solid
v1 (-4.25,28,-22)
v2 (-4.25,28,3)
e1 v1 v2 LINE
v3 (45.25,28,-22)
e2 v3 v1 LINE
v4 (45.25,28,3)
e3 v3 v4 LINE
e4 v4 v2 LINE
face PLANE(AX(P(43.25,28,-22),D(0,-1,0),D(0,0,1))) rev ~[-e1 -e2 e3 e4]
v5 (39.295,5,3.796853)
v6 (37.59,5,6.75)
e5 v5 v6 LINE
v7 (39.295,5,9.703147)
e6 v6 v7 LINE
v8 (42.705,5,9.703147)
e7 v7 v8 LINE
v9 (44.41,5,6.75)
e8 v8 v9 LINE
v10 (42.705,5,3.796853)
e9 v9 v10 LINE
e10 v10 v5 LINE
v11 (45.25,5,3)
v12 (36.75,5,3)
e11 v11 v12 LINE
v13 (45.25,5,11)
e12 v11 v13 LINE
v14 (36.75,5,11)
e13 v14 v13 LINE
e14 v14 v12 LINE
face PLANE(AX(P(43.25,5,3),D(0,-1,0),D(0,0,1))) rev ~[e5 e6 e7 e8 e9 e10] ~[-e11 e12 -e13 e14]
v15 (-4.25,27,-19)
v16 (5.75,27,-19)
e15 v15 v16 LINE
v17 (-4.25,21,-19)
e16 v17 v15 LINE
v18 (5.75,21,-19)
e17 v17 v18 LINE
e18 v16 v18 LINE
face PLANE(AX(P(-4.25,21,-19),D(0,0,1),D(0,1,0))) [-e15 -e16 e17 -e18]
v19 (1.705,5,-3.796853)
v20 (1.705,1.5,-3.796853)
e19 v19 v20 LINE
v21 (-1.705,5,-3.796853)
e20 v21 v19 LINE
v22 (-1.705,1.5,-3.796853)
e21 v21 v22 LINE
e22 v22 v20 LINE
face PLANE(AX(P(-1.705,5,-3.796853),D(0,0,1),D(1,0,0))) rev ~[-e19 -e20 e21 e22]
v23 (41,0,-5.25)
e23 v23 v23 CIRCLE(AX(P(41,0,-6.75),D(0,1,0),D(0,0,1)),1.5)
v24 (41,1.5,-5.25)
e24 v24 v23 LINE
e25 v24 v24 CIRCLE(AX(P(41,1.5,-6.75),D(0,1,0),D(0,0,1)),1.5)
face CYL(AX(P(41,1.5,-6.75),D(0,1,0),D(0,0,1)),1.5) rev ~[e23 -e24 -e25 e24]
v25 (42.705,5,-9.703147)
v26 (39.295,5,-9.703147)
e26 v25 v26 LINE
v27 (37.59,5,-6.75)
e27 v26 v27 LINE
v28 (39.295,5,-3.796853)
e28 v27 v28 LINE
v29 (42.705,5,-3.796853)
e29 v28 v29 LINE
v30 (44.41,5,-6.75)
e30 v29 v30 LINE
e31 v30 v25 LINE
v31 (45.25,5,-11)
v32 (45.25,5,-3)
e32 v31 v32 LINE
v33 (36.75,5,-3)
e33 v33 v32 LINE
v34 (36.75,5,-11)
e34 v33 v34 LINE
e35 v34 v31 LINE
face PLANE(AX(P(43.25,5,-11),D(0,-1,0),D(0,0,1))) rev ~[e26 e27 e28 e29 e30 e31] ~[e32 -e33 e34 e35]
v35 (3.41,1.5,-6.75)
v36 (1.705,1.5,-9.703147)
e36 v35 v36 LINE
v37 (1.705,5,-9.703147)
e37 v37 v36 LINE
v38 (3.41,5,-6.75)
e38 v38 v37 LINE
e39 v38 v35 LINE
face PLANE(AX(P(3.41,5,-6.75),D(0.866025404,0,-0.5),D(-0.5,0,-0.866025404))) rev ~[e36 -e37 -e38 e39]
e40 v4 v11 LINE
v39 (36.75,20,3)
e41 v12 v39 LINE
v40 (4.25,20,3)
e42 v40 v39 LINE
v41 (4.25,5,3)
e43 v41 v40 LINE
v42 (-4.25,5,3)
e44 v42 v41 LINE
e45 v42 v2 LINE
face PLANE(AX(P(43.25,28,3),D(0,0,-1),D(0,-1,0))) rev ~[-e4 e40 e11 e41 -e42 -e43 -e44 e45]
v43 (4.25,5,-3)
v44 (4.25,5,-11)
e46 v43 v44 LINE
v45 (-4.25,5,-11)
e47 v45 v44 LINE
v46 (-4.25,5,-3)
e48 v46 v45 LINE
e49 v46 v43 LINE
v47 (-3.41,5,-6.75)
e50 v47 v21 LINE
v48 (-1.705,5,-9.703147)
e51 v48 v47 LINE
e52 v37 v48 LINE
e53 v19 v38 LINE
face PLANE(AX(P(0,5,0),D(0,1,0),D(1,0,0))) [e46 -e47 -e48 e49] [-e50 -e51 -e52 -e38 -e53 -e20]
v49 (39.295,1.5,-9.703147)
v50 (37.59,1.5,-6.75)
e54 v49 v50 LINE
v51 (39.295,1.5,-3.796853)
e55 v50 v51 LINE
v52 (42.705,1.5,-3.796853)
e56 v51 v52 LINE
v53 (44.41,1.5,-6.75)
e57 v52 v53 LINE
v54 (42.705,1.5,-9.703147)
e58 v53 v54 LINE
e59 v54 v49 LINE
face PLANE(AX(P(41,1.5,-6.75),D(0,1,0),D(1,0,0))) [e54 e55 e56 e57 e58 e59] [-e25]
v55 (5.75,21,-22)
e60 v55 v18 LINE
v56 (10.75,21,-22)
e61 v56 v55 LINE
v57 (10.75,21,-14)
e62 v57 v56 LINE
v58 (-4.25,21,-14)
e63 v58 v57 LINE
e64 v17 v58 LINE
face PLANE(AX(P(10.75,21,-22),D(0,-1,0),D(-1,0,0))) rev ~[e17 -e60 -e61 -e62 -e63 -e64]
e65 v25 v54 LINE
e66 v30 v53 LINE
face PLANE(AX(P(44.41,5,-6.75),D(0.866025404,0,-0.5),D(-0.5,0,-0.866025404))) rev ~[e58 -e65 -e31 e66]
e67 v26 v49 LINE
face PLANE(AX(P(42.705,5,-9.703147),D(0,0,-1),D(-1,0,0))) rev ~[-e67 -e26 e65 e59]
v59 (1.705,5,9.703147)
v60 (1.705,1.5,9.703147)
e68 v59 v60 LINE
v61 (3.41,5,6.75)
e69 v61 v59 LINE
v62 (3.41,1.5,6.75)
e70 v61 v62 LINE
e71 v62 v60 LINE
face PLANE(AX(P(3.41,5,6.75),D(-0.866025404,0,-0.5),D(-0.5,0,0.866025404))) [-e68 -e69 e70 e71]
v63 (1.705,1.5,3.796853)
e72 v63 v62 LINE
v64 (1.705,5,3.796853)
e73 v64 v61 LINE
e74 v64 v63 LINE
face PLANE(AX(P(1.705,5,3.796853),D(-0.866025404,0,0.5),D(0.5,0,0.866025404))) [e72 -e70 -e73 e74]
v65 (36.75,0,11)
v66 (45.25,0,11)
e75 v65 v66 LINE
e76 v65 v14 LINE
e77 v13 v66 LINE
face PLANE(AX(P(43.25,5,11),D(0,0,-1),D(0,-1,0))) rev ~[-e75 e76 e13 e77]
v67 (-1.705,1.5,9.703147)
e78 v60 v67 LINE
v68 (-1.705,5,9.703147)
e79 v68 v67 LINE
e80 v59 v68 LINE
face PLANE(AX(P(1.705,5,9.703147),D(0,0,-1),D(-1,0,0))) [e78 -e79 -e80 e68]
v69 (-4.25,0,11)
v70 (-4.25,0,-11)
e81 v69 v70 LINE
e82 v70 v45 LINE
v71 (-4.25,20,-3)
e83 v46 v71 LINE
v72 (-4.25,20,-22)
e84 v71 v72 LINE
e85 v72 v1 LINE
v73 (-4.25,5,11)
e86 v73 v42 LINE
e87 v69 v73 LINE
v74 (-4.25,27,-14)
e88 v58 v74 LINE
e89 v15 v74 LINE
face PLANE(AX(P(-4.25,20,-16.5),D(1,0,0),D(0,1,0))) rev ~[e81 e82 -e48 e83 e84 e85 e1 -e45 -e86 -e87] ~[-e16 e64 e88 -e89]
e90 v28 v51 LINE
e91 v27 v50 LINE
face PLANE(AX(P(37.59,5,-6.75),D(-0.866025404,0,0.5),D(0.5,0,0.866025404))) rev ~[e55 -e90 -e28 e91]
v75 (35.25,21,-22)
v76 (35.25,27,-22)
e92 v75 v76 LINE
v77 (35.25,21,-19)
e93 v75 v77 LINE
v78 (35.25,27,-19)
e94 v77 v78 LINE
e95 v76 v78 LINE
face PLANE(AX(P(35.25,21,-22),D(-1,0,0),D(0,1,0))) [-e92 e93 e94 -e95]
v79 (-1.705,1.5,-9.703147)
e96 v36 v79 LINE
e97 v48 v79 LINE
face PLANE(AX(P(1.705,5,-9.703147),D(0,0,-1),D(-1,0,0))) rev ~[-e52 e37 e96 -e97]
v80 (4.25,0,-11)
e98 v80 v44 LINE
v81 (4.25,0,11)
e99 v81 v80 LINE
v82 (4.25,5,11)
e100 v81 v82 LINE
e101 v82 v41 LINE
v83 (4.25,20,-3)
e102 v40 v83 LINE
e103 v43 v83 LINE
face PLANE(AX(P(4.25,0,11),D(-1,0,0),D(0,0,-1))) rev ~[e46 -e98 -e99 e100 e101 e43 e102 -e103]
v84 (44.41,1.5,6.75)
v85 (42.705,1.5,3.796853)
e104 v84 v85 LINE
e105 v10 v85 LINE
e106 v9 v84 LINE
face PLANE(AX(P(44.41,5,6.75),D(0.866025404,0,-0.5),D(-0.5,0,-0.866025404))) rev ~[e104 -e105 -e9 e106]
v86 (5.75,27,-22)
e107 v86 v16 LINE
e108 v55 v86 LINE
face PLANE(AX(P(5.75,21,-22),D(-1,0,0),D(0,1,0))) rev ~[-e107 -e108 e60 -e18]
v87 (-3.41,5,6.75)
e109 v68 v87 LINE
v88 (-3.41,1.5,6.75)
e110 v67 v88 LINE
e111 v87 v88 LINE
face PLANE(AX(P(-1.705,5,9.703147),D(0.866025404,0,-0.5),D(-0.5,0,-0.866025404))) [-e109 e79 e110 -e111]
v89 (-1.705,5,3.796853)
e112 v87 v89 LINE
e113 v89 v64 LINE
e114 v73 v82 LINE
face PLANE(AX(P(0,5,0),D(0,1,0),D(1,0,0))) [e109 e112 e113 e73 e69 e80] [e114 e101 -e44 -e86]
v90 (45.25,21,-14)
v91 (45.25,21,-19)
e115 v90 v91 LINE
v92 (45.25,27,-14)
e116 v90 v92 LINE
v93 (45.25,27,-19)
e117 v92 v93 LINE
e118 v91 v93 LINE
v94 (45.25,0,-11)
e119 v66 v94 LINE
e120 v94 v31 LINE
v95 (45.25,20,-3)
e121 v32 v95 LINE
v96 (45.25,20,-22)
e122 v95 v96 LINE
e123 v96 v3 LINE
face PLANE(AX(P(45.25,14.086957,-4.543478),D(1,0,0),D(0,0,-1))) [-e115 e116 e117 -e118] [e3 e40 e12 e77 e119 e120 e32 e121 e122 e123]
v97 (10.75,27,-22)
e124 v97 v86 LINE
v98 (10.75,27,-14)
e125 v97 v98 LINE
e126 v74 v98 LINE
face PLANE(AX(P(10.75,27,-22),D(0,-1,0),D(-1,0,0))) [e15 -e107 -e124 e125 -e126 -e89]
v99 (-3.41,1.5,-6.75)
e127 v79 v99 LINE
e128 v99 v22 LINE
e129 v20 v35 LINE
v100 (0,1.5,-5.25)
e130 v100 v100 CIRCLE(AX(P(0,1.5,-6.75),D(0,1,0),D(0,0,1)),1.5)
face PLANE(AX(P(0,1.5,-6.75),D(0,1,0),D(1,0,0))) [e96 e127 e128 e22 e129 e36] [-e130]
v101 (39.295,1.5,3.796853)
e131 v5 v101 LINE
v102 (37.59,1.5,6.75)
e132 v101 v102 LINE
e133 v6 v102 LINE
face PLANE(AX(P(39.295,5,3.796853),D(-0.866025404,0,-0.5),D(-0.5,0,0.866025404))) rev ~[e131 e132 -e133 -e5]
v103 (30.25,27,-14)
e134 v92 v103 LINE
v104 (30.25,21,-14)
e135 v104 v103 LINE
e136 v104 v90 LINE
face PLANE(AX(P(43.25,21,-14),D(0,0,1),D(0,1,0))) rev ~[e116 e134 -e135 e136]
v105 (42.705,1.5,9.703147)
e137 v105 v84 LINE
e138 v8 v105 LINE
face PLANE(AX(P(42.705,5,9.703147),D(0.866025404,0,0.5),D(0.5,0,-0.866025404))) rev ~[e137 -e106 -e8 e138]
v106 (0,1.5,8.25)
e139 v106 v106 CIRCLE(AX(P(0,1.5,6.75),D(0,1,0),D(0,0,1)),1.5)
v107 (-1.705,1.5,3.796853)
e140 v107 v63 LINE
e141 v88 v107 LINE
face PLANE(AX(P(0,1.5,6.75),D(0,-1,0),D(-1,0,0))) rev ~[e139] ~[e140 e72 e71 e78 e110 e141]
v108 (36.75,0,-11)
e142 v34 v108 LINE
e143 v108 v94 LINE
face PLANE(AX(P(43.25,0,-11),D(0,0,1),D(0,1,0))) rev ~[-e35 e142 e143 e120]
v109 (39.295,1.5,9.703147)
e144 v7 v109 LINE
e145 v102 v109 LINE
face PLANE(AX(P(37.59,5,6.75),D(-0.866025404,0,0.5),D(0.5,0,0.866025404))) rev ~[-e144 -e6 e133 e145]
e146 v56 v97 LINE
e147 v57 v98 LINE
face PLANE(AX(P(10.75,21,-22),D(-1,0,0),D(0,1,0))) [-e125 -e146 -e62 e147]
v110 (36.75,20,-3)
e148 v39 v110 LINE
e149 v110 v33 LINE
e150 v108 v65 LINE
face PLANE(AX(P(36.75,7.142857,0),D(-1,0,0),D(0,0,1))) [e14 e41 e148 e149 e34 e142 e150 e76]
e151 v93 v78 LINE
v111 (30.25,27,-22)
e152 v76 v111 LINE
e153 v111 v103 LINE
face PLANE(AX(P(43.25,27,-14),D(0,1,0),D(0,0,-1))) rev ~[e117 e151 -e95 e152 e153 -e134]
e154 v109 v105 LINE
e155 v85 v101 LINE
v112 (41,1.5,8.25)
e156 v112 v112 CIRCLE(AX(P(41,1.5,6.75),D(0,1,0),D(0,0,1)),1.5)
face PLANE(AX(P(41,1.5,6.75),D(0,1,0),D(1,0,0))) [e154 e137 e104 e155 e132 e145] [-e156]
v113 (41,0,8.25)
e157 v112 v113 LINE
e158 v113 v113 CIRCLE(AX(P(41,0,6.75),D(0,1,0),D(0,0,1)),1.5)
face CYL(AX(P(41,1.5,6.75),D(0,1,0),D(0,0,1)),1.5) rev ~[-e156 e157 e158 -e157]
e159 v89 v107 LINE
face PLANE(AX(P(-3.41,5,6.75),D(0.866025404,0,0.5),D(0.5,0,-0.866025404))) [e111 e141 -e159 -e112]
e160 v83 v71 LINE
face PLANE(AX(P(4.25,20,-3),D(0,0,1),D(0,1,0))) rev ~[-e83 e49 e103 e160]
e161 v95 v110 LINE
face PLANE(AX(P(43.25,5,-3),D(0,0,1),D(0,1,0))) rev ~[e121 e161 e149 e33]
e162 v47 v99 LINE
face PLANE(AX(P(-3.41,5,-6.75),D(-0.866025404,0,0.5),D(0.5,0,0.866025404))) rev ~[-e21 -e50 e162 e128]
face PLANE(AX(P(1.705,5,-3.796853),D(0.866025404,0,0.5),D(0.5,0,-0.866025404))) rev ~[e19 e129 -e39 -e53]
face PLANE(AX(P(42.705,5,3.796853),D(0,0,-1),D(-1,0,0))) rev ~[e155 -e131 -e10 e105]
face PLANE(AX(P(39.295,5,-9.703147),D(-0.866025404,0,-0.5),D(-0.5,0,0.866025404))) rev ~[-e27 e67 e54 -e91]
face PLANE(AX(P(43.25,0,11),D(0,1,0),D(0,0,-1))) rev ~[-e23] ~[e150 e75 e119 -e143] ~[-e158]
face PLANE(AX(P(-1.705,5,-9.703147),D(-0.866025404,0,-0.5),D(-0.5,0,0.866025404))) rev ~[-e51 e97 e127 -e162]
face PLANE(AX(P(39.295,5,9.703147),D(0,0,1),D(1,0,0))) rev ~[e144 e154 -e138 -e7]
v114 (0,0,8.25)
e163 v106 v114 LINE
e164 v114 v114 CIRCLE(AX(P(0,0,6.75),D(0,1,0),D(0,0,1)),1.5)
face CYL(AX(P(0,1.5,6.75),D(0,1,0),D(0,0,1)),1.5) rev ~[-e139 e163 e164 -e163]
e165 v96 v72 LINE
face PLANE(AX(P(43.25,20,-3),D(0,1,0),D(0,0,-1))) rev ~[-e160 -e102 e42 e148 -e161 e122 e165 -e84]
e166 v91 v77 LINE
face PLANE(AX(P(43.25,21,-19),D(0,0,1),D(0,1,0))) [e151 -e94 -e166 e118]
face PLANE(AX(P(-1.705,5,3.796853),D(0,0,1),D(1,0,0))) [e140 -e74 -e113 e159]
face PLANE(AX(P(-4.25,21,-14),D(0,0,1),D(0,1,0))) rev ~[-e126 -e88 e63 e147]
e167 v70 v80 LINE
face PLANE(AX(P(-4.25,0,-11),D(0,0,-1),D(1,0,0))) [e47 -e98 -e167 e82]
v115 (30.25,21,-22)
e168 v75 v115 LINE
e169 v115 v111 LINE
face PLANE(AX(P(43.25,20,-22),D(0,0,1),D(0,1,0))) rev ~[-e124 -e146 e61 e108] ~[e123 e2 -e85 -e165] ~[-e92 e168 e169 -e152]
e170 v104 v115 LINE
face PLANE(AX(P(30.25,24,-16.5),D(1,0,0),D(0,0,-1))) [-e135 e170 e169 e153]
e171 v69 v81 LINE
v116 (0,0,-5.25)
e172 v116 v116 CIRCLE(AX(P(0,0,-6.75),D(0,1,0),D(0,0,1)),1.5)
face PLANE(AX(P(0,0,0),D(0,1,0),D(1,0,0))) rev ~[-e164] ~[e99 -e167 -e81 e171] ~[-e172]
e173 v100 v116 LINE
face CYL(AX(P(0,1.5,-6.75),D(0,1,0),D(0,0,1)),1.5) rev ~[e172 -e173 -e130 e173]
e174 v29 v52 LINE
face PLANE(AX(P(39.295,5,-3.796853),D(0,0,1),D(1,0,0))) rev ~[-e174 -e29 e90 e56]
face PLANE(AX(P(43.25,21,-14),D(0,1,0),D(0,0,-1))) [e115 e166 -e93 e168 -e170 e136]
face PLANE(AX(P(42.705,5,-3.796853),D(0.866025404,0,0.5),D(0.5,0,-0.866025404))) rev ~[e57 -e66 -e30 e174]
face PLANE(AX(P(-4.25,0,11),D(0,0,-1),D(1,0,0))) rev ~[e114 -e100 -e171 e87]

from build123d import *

# Parameters (mm, degrees)
SKETCH1_W            = 8.5
SKETCH1_H            = 22
BOSS_EXTRUDE1_DEPTH  = 5
CUT_EXTRUDE1_DEPTH   = 3.5
SKETCH3_R            = 1.5
CUT_EXTRUDE2_DEPTH   = 1.5
SKETCH4_W            = 8.5
SKETCH4_H            = 6
BOSS_EXTRUDE2_DEPTH  = 23
SKETCH7_W            = 8.5
SKETCH7_H            = 22
BOSS_EXTRUDE4_DEPTH  = 5
CUT_EXTRUDE3_DEPTH   = 3.5
SKETCH9_R            = 1.5
CUT_EXTRUDE4_DEPTH   = 3.5
SKETCH10_W           = 8.5
SKETCH10_H           = 6
BOSS_EXTRUDE5_DEPTH  = 23
SKETCH6_W            = 6
SKETCH6_H            = 8
BOSS_EXTRUDE6_DEPTH  = 30.5
SKETCH11_W           = 47.5
SKETCH11_H           = 8
BOSS_EXTRUDE7_DEPTH  = 13.5
SKETCH12_W           = 47.5
SKETCH12_H           = 8
BOSS_EXTRUDE8_DEPTH  = 5.5
SKETCH13_W           = 5
SKETCH13_H           = 6
CUT_EXTRUDE5_DEPTH   = 15
SKETCH14_W           = 5
SKETCH14_H           = 6
CUT_EXTRUDE6_DEPTH   = 4
SKETCH15_W           = 5
SKETCH15_H           = 6
CUT_EXTRUDE7_DEPTH   = 15
SKETCH16_W           = 5
SKETCH16_H           = 6
CUT_EXTRUDE8_DEPTH   = 4
SKETCH17_W           = 5
SKETCH17_H           = 6
BOSS_EXTRUDE9_DEPTH  = 2
SKETCH18_W           = 10.5
SKETCH18_H           = 8
BOSS_EXTRUDE10_DEPTH = 5
CUT_EXTRUDE9_DEPTH   = 2
SKETCH23_R           = 1.5
CUT_EXTRUDE10_DEPTH  = 3.5
CUT_EXTRUDE11_REACH  = 58.867
SKETCH24_R           = 1.5
SKETCH25_W           = 5
SKETCH25_H           = 6
BOSS_EXTRUDE11_DEPTH = 2


with BuildPart() as part:
    # Sketch1 → Boss-Extrude1 (new body)
    with BuildSketch(Plane(origin=(0, 0, 0), x_dir=(1, 0, 0), z_dir=(0, 1, 0))):
        Rectangle(SKETCH1_W, SKETCH1_H)
    extrude(amount=BOSS_EXTRUDE1_DEPTH)

    # Sketch2 → Cut-Extrude1 (cut)
    with BuildSketch(Plane(origin=(0, 5, 0), x_dir=(1, 0, 0), z_dir=(0, 1, 0))):
        Polygon((-1.705, 9.703146627), (-3.41, 6.75), (-1.705, 3.796853373), (1.705, 3.796853373), (3.41, 6.75), (1.705, 9.703146627), align=None)
        Polygon((1.705, -9.703146627), (-1.705, -9.703146627), (-3.41, -6.75), (-1.705, -3.796853373), (1.705, -3.796853373), (3.41, -6.75), align=None)
    extrude(amount=-CUT_EXTRUDE1_DEPTH, mode=Mode.SUBTRACT)

    # Sketch3 → Cut-Extrude2 (cut)
    with BuildSketch(Plane(origin=(0, 1.5, 0), x_dir=(1, 0, 0), z_dir=(0, 1, 0))):
        with Locations(Location((0, 6.75, 0), (0, 0, 270))):
            Circle(SKETCH3_R)
        with Locations(Location((0, -6.75, 0), (0, 0, 270))):
            Circle(SKETCH3_R)
        with Locations((39, 6.75)):
            Circle(SKETCH3_R)
        with Locations((39, -6.75)):
            Circle(SKETCH3_R)
    extrude(amount=-CUT_EXTRUDE2_DEPTH, mode=Mode.SUBTRACT)

    # Sketch4 → Boss-Extrude2 (add)
    with BuildSketch(Plane(origin=(0, 5, 0), x_dir=(1, 0, 0), z_dir=(0, 1, 0))):
        Rectangle(SKETCH4_W, SKETCH4_H)
    extrude(amount=BOSS_EXTRUDE2_DEPTH)



with BuildPart() as body_2:
    # Sketch7 → Boss-Extrude4 (new body)
    with BuildSketch(Plane(origin=(0, 0, 0), x_dir=(1, 0, 0), z_dir=(0, 1, 0))):
        with Locations((39, 0)):
            Rectangle(SKETCH7_W, SKETCH7_H)
    extrude(amount=BOSS_EXTRUDE4_DEPTH)

    # Sketch8 → Cut-Extrude3 (cut)
    with BuildSketch(Plane(origin=(0, 5, 0), x_dir=(1, 0, 0), z_dir=(0, 1, 0))):
        Polygon((40.705, 9.703146627), (37.295, 9.703146627), (35.59, 6.75), (37.295, 3.796853373), (40.705, 3.796853373), (42.41, 6.75), align=None)
        Polygon((40.705, -3.796853373), (37.295, -3.796853373), (35.59, -6.75), (37.295, -9.703146627), (40.705, -9.703146627), (42.41, -6.75), align=None)
    extrude(amount=-CUT_EXTRUDE3_DEPTH, mode=Mode.SUBTRACT)

    # Sketch9 → Cut-Extrude4 (cut)
    with BuildSketch(Plane(origin=(0, 1.5, 0), x_dir=(1, 0, 0), z_dir=(0, 1, 0))):
        with Locations(Location((39, 6.75, 0), (0, 0, 270))):
            Circle(SKETCH9_R)
        with Locations(Location((39, -6.75, 0), (0, 0, 270))):
            Circle(SKETCH9_R)
    extrude(amount=-CUT_EXTRUDE4_DEPTH, mode=Mode.SUBTRACT)

    # Sketch10 → Boss-Extrude5 (add)
    with BuildSketch(Plane(origin=(0, 5, 0), x_dir=(1, 0, 0), z_dir=(0, 1, 0))):
        with Locations((39, 0)):
            Rectangle(SKETCH10_W, SKETCH10_H)
    extrude(amount=BOSS_EXTRUDE5_DEPTH)


with BuildPart() as part_1:
    add(part.part)

    add(body_2.part)  # Boss-Extrude6 merges body 2
    # Sketch6 → Boss-Extrude6 (add)
    with BuildSketch(Plane(origin=(4.25, 0, 0), x_dir=(0, 0, -1), z_dir=(1, 0, 0))):
        with Locations((0, 24)):
            Rectangle(SKETCH6_W, SKETCH6_H)
    extrude(amount=BOSS_EXTRUDE6_DEPTH)

    # Sketch11 → Boss-Extrude7 (add)
    with BuildSketch(Plane(origin=(0, 0, -3), x_dir=(-1, 0, 0), z_dir=(0, 0, -1))):
        with Locations((-19.5, 24)):
            Rectangle(SKETCH11_W, SKETCH11_H)
    extrude(amount=BOSS_EXTRUDE7_DEPTH)

    # Sketch12 → Boss-Extrude8 (add)
    with BuildSketch(Plane(origin=(0, 0, -16.5), x_dir=(-1, 0, 0), z_dir=(0, 0, -1))):
        with Locations((-19.5, 24)):
            Rectangle(SKETCH12_W, SKETCH12_H)
    extrude(amount=BOSS_EXTRUDE8_DEPTH)

    # Sketch13 → Cut-Extrude5 (cut)
    with BuildSketch(Plane.ZY.offset(4.25)):
        with Locations((-16.5, 24)):
            Rectangle(SKETCH13_W, SKETCH13_H)
    extrude(amount=-CUT_EXTRUDE5_DEPTH, mode=Mode.SUBTRACT)

    # Sketch14 → Cut-Extrude6 (cut)
    with BuildSketch(Plane(origin=(0, 0, -22), x_dir=(-1, 0, 0), z_dir=(0, 0, -1))):
        with Locations((-8.25, 24)):
            Rectangle(SKETCH14_W, SKETCH14_H)
    extrude(amount=-CUT_EXTRUDE6_DEPTH, mode=Mode.SUBTRACT)

    # Sketch15 → Cut-Extrude7 (cut)
    with BuildSketch(Plane(origin=(43.25, 0, 0), x_dir=(0, 0, -1), z_dir=(1, 0, 0))):
        with Locations((16.5, 24)):
            Rectangle(SKETCH15_W, SKETCH15_H)
    extrude(amount=-CUT_EXTRUDE7_DEPTH, mode=Mode.SUBTRACT)

    # Sketch16 → Cut-Extrude8 (cut)
    with BuildSketch(Plane(origin=(0, 0, -22), x_dir=(-1, 0, 0), z_dir=(0, 0, -1))):
        with Locations((-32.75, 24)):
            Rectangle(SKETCH16_W, SKETCH16_H)
    extrude(amount=-CUT_EXTRUDE8_DEPTH, mode=Mode.SUBTRACT)

    # Sketch17 → Boss-Extrude9 (add)
    with BuildSketch(Plane(origin=(43.25, 0, 0), x_dir=(0, 0, -1), z_dir=(1, 0, 0))):
        Polygon((-3, 5), (-11, 5), (-11, 0), (11, 0), (11, 5), (3, 5), (3, 20), (22, 20), (22, 28), (-3, 28), align=None)
        with Locations((16.5, 24)):
            Rectangle(SKETCH17_W, SKETCH17_H, mode=Mode.SUBTRACT)
    extrude(amount=BOSS_EXTRUDE9_DEPTH)

    # Sketch18 → Boss-Extrude10 (add)
    with BuildSketch(Plane(origin=(0, 5, 0), x_dir=(1, 0, 0), z_dir=(0, 1, 0))):
        with Locations((40, -7)):
            Rectangle(SKETCH18_W, SKETCH18_H)
        with Locations((40, 7)):
            Rectangle(SKETCH18_W, SKETCH18_H)
    extrude(amount=-BOSS_EXTRUDE10_DEPTH)

    # Sketch20 → Cut-Extrude9 (cut)
    with BuildSketch(Plane.ZY.offset(-34.75)):
        Polygon((-3, 5), (-11, 5), (-11, 0), (11, 0), (11, 5), (3, 5), (3, 20), (-3, 20), align=None)
    extrude(amount=-CUT_EXTRUDE9_DEPTH, mode=Mode.SUBTRACT)

    # Sketch23 → Cut-Extrude10 (cut)
    with BuildSketch(Plane(origin=(0, 5, 0), x_dir=(1, 0, 0), z_dir=(0, 1, 0))):
        Polygon((42.705, 9.703146627), (39.295, 9.703146627), (37.59, 6.75), (39.295, 3.796853373), (42.705, 3.796853373), (44.41, 6.75), align=None)
        with Locations((41, 6.75)):
            Circle(SKETCH23_R, mode=Mode.SUBTRACT)
        with Locations((41, 6.75)):
            Circle(SKETCH23_R)
        Polygon((39.295, -9.703146627), (42.705, -9.703146627), (44.41, -6.75), (42.705, -3.796853373), (39.295, -3.796853373), (37.59, -6.75), align=None)
        with Locations((41, -6.75)):
            Circle(SKETCH23_R, mode=Mode.SUBTRACT)
        with Locations((41, -6.75)):
            Circle(SKETCH23_R)
    extrude(amount=-CUT_EXTRUDE10_DEPTH, mode=Mode.SUBTRACT)

    # Sketch24 → Cut-Extrude11 (cut, up to next)
    with BuildSketch(Plane(origin=(0, 1.5, 0), x_dir=(1, 0, 0), z_dir=(0, 1, 0)), mode=Mode.PRIVATE) as cut_extrude11_sk1:
        with Locations(Location((41, -6.75, 0), (0, 0, 270))):
            Circle(SKETCH24_R)
    cut_extrude11_tool1 = extrude(cut_extrude11_sk1.sketch, amount=-CUT_EXTRUDE11_REACH, mode=Mode.PRIVATE) & part_1.part
    # Sketch24 → Cut-Extrude11 (cut, up to next)
    with BuildSketch(Plane(origin=(0, 1.5, 0), x_dir=(1, 0, 0), z_dir=(0, 1, 0)), mode=Mode.PRIVATE) as cut_extrude11_sk2:
        with Locations(Location((41, 6.75, 0), (0, 0, 270))):
            Circle(SKETCH24_R)
    cut_extrude11_tool2 = extrude(cut_extrude11_sk2.sketch, amount=-CUT_EXTRUDE11_REACH, mode=Mode.PRIVATE) & part_1.part
    add(cut_extrude11_tool1.solids().sort_by_distance((41, 1.5, 6.75))[0], mode=Mode.SUBTRACT)
    add(cut_extrude11_tool2.solids().sort_by_distance((41, 1.5, -6.75))[0], mode=Mode.SUBTRACT)

    # Sketch25 → Boss-Extrude11 (add)
    with BuildSketch(Plane(origin=(28.25, 0, 0), x_dir=(0, 0, -1), z_dir=(1, 0, 0))):
        with Locations((16.5, 24)):
            Rectangle(SKETCH25_W, SKETCH25_H)
    extrude(amount=BOSS_EXTRUDE11_DEPTH)


solid = part_1.part
